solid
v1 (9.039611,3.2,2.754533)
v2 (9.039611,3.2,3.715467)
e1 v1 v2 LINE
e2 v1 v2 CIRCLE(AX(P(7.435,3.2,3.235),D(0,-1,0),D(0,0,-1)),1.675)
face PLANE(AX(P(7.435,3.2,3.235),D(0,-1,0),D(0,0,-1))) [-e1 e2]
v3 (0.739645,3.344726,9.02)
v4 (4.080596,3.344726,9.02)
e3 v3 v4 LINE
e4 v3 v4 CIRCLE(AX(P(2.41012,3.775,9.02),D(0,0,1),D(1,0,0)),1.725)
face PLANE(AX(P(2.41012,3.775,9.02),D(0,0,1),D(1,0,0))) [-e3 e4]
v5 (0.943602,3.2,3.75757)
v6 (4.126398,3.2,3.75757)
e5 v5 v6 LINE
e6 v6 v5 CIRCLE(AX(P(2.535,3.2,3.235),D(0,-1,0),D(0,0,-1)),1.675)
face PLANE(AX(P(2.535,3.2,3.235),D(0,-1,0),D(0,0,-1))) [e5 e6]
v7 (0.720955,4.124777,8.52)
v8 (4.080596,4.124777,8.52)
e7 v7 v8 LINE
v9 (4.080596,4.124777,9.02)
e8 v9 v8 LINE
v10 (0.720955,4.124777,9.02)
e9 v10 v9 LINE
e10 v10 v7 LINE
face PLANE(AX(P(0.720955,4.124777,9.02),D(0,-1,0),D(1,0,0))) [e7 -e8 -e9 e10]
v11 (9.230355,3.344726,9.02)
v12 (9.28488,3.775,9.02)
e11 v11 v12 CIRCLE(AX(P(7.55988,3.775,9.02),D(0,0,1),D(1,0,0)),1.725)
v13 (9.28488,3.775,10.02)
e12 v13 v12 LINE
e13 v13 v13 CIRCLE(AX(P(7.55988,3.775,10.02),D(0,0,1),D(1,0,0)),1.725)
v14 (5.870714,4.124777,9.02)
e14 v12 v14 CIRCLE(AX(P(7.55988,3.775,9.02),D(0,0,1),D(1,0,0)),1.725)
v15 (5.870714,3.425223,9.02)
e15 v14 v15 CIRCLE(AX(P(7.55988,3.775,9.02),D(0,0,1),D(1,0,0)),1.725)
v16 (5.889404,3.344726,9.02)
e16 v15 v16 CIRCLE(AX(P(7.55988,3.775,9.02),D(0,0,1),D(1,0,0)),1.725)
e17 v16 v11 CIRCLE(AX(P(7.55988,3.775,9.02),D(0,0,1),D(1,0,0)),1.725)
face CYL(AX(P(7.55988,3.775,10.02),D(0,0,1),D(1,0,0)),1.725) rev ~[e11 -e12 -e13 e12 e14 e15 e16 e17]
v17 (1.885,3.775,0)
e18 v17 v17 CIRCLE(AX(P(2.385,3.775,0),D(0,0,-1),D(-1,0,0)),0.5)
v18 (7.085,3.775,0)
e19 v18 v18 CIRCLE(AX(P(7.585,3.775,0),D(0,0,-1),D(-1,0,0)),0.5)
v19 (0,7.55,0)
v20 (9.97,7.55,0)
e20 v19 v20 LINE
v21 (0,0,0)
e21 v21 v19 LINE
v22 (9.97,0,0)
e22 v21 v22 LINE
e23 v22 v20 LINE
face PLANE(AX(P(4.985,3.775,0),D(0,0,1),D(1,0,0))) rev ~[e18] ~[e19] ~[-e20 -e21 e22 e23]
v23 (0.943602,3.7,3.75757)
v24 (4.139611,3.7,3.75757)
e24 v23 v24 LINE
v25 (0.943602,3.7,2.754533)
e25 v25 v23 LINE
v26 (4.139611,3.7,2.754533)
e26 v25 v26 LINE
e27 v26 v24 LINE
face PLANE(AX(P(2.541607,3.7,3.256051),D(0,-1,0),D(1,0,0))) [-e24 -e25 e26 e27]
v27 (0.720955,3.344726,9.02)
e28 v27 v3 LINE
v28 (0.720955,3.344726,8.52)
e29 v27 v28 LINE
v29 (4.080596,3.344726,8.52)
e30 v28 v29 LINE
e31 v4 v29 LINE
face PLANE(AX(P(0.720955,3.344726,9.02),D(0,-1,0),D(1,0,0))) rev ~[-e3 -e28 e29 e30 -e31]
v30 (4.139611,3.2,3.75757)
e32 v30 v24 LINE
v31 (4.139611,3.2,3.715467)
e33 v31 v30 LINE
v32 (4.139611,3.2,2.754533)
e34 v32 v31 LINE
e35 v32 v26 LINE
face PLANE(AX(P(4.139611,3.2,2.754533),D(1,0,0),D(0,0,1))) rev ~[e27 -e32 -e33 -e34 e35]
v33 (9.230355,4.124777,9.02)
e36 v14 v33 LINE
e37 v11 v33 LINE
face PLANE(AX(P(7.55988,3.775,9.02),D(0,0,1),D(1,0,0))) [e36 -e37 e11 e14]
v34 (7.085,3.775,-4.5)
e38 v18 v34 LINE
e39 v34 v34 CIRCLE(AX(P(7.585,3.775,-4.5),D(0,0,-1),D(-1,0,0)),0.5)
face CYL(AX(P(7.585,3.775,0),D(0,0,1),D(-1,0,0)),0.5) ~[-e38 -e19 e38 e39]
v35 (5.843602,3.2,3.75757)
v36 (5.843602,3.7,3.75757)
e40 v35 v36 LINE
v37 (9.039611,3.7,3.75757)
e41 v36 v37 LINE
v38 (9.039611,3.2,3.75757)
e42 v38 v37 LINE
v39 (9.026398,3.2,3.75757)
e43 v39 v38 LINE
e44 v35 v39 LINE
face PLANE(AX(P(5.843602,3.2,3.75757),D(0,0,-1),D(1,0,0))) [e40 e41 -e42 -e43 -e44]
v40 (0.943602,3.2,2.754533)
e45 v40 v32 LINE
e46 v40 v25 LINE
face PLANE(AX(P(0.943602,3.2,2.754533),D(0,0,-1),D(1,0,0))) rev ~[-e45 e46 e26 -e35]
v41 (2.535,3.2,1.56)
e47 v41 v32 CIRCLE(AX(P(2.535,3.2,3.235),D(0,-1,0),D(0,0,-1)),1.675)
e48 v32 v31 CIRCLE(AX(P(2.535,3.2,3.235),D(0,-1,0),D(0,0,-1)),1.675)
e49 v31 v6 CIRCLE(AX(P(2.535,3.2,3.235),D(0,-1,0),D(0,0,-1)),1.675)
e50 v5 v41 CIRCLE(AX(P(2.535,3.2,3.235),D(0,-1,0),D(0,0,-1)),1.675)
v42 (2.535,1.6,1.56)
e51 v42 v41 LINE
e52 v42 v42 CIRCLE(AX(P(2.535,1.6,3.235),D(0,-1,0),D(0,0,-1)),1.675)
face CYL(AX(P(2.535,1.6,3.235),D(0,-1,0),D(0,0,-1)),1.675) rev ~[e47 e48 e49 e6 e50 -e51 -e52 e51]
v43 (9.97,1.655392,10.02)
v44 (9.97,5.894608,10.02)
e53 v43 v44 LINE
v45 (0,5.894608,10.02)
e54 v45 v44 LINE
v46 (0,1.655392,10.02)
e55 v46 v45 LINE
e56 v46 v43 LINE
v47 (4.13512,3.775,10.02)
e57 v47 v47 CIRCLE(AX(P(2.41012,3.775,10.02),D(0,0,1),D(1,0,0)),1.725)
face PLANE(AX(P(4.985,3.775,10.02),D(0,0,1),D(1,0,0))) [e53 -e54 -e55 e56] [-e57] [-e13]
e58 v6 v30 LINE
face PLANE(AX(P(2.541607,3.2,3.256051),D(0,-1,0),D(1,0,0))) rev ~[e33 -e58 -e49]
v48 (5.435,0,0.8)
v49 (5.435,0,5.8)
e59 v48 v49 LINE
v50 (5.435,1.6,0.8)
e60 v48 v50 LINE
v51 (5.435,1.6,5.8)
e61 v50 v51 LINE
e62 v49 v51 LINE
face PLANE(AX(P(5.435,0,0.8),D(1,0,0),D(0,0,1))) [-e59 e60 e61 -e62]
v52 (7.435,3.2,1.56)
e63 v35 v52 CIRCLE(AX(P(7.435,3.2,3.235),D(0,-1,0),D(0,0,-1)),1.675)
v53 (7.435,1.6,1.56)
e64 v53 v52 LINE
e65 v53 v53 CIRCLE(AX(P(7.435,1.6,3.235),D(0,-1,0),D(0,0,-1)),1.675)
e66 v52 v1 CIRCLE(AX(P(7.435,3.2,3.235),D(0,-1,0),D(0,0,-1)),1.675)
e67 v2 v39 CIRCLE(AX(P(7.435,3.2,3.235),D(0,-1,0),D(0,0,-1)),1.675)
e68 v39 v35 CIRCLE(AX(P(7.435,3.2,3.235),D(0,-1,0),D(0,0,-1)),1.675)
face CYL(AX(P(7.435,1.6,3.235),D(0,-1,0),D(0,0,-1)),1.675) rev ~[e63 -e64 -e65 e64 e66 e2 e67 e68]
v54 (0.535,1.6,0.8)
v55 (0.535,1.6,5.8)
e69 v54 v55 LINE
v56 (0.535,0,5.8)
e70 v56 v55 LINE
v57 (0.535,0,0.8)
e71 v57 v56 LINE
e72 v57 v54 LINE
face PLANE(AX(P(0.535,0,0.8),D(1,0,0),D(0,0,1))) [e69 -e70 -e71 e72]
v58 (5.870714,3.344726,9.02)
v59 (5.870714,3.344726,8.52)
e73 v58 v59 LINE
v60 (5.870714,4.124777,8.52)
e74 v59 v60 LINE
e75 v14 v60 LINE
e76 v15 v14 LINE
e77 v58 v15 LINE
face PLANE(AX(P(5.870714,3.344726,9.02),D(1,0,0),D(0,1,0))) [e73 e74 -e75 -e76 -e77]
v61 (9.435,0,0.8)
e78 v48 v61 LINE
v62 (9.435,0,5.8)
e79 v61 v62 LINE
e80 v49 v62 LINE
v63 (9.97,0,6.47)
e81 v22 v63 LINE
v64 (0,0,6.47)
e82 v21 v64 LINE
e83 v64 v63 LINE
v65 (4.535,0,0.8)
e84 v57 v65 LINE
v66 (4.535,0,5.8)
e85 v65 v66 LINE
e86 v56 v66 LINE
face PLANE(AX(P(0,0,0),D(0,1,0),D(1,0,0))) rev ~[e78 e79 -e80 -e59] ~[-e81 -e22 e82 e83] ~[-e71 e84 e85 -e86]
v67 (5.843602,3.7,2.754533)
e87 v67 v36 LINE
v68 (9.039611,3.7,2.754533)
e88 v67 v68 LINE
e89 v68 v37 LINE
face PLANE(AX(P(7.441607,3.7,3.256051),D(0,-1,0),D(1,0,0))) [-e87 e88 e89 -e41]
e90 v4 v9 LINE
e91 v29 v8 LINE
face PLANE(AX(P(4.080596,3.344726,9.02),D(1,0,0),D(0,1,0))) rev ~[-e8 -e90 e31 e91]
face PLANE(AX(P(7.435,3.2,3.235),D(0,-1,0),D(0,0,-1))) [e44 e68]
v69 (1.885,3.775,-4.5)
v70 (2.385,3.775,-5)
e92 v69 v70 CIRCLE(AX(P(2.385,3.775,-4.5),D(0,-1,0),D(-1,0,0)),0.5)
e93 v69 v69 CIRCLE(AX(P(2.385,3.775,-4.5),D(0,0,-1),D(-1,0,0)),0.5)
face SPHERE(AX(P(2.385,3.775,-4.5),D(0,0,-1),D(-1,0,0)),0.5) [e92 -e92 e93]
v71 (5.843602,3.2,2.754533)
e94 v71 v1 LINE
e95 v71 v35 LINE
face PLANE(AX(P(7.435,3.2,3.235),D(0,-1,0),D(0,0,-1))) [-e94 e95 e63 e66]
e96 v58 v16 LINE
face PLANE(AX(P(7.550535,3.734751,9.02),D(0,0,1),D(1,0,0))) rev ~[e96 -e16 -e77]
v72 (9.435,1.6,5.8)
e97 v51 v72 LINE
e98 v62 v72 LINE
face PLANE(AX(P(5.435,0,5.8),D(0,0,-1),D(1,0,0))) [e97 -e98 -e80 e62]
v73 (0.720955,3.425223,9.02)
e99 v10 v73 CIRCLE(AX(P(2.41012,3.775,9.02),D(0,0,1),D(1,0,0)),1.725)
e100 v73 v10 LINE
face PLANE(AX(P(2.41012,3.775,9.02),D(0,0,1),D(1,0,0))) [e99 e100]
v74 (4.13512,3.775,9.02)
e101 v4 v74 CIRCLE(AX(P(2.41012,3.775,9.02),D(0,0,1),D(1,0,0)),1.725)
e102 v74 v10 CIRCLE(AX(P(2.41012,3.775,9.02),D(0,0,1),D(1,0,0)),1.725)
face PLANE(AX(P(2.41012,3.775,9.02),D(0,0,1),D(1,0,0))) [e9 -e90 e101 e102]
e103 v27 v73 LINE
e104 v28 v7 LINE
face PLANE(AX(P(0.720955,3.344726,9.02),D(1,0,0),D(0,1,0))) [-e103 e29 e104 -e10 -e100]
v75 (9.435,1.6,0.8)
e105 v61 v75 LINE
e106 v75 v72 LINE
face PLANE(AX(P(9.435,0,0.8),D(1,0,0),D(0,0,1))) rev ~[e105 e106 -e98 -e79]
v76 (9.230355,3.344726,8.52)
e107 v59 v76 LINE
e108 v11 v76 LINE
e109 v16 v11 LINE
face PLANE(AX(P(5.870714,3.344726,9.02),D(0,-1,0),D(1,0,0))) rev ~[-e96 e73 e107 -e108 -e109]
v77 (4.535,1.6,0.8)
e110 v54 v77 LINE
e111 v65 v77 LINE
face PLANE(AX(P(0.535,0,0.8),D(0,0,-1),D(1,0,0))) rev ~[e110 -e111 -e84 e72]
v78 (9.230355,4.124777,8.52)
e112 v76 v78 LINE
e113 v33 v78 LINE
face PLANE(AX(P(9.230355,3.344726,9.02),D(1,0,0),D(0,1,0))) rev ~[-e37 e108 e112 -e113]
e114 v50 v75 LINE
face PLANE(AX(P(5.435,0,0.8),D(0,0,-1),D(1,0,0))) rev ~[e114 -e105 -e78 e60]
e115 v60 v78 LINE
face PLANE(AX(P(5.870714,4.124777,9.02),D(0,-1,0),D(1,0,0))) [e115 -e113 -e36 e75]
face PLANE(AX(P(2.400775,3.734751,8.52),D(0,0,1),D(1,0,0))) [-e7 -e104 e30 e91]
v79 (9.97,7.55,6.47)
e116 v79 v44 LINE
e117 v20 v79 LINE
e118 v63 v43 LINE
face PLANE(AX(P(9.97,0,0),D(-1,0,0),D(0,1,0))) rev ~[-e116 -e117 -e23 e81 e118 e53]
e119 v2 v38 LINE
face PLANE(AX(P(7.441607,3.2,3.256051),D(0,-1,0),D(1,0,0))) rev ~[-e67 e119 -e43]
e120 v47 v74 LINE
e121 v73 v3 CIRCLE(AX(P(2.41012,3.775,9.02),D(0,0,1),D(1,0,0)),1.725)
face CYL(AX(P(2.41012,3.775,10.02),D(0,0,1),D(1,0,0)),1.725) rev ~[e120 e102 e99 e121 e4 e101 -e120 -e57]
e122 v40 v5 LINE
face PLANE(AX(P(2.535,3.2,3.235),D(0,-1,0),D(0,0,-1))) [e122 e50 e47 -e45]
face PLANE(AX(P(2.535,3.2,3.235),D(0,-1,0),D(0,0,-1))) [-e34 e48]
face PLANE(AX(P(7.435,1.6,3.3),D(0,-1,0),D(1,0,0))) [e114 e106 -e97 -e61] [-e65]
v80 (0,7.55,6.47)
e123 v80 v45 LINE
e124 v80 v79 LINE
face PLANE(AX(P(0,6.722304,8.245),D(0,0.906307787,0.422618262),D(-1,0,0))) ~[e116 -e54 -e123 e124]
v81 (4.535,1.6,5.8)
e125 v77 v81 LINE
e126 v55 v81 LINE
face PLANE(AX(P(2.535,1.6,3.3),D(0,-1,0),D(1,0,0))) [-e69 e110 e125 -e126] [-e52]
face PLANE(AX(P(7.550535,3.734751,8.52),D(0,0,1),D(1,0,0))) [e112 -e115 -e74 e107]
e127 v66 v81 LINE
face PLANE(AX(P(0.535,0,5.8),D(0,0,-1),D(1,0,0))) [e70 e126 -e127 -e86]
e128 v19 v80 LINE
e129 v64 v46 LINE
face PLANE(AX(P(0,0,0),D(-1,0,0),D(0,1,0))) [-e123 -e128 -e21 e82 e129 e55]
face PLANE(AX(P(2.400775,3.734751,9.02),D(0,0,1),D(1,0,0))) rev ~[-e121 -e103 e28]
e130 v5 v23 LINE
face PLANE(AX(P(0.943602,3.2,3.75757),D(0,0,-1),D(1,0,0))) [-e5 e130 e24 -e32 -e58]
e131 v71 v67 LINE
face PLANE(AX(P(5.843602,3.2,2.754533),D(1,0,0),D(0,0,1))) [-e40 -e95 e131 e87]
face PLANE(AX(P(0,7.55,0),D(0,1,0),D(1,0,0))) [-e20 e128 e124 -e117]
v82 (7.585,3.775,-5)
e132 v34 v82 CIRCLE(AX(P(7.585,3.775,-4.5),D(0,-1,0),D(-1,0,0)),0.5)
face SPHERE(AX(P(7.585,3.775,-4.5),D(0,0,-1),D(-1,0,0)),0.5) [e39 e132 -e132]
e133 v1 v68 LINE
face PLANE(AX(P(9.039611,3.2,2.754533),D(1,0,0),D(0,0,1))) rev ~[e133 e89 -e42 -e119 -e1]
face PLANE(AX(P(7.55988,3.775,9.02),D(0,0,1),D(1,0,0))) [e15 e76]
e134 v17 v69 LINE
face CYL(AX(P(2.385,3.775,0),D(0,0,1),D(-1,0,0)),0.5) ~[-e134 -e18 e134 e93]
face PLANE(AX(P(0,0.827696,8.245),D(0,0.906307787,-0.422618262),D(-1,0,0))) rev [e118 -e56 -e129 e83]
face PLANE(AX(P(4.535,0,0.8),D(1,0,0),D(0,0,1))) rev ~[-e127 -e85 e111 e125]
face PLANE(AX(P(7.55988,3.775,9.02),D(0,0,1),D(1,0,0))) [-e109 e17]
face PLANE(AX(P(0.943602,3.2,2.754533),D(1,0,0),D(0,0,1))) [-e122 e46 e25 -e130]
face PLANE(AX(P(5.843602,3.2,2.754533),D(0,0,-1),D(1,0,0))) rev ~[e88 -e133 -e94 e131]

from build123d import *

# Parameters (mm, degrees)
ESQUISSE1_W             = 9.97
ESQUISSE1_H             = 7.55
EXTRUSION1_DEPTH        = 10.02
CHANFREIN1_SIZE         = 3.55
CHANFREIN1_SIZE2        = 1.655392186
CHANFREIN1_PART_2_SIZE  = 3.55
CHANFREIN1_PART_2_SIZE2 = 1.655392186
ESQUISSE2_R             = 1.725
ENL_V_MAT_EXTRU_1_DEPTH = 1
ESQUISSE3_W             = 4
ESQUISSE3_H             = 5
ENL_V_MAT_EXTRU_2_DEPTH = 1.6
ESQUISSE4_R             = 1.675
ENL_V_MAT_EXTRU_3_DEPTH = 1.6
ESQUISSE5_R             = 0.5
EXTRUSION2_DEPTH        = 5
CONG_1_R                = 0.5
ESQUISSE7_W             = 3.359641585
ESQUISSE7_H             = 0.780050821
ENL_V_MAT_EXTRU_4_DEPTH = 0.5
ESQUISSE8_W             = 3.1960084
ESQUISSE8_H             = 1.003036954
ENL_V_MAT_EXTRU_5_DEPTH = 0.5


with BuildPart() as part:
    # Esquisse1 → Extrusion1 (new body)
    with BuildSketch(Plane.XY):
        with Locations((4.985, 3.775)):
            Rectangle(ESQUISSE1_W, ESQUISSE1_H)
    extrude(amount=EXTRUSION1_DEPTH)

    # Chanfrein1
    chanfrein1_edges = [part.edges().sort_by_distance(p)[0] for p in [
        (4.985, 7.55, 10.02),
    ]]
    chanfrein1_side = [part.faces().sort_by_distance(p)[0] for p in [
        (4.985, 7.55, 5.01),
    ]]
    chamfer(chanfrein1_edges, length=CHANFREIN1_SIZE, length2=CHANFREIN1_SIZE2, reference=chanfrein1_side[0])

    # Chanfrein1 part 2
    chanfrein1_part_2_edges = [part.edges().sort_by_distance(p)[0] for p in [
        (4.985, 0, 10.02),
    ]]
    chanfrein1_part_2_side = [part.faces().sort_by_distance(p)[0] for p in [
        (4.985, 0, 5.01),
    ]]
    chamfer(chanfrein1_part_2_edges, length=CHANFREIN1_PART_2_SIZE, length2=CHANFREIN1_PART_2_SIZE2, reference=chanfrein1_part_2_side[0])

    # Esquisse2 → Enlèv. mat.-Extru.1 (cut)
    with BuildSketch(Plane.XY.offset(10.02)):
        with Locations((2.410120412, 3.775)):
            Circle(ESQUISSE2_R)
        with Locations((7.559879588, 3.775)):
            Circle(ESQUISSE2_R)
    extrude(amount=-ENL_V_MAT_EXTRU_1_DEPTH, mode=Mode.SUBTRACT)

    # Esquisse3 → Enlèv. mat.-Extru.2 (cut)
    with BuildSketch(Plane.XZ):
        with Locations((7.435, 3.3)):
            Rectangle(ESQUISSE3_W, ESQUISSE3_H)
        with Locations((2.535, 3.3)):
            Rectangle(ESQUISSE3_W, ESQUISSE3_H)
    extrude(amount=-ENL_V_MAT_EXTRU_2_DEPTH, mode=Mode.SUBTRACT)

    # Esquisse4 → Enlèv. mat.-Extru.3 (cut)
    with BuildSketch(Plane.XZ.offset(-1.6)):
        with Locations(Location((7.435, 3.235, 0), (0, 0, 270))):  # turned: the seam where the file's is
            Circle(ESQUISSE4_R)
        with Locations(Location((2.535, 3.235, 0), (0, 0, 270))):  # turned: the seam where the file's is
            Circle(ESQUISSE4_R)
    extrude(amount=-ENL_V_MAT_EXTRU_3_DEPTH, mode=Mode.SUBTRACT)

    # Esquisse5 → Extrusion2 (add)
    with BuildSketch(Plane(origin=(0, 0, 0), x_dir=(-1, 0, 0), z_dir=(0, 0, -1))):
        with Locations((-7.585, 3.775)):
            Circle(ESQUISSE5_R)
        with Locations((-2.385, 3.775)):
            Circle(ESQUISSE5_R)
    extrude(amount=EXTRUSION2_DEPTH)

    # Congé1
    cong_1_edges = [part.edges().sort_by_distance(p)[0] for p in [
        (8.085, 3.775, -5),
        (2.885, 3.775, -5),
    ]]
    fillet(cong_1_edges, radius=CONG_1_R)

    # Esquisse7 → Enlèv. mat.-Extru.4 (cut)
    with BuildSketch(Plane.XY.offset(9.02)):
        with Locations((2.40077537, 3.734751354)):
            Rectangle(ESQUISSE7_W, ESQUISSE7_H)
        with Locations((7.550534547, 3.734751354)):
            Rectangle(ESQUISSE7_W, ESQUISSE7_H)
    extrude(amount=-ENL_V_MAT_EXTRU_4_DEPTH, mode=Mode.SUBTRACT)

    # Esquisse8 → Enlèv. mat.-Extru.5 (cut)
    with BuildSketch(Plane.XZ.offset(-3.2)):
        with Locations((2.54160667, 3.256051041)):
            Rectangle(ESQUISSE8_W, ESQUISSE8_H)
        with Locations((7.44160667, 3.256051041)):
            Rectangle(ESQUISSE8_W, ESQUISSE8_H)
    extrude(amount=-ENL_V_MAT_EXTRU_5_DEPTH, mode=Mode.SUBTRACT)


solid = part.part
